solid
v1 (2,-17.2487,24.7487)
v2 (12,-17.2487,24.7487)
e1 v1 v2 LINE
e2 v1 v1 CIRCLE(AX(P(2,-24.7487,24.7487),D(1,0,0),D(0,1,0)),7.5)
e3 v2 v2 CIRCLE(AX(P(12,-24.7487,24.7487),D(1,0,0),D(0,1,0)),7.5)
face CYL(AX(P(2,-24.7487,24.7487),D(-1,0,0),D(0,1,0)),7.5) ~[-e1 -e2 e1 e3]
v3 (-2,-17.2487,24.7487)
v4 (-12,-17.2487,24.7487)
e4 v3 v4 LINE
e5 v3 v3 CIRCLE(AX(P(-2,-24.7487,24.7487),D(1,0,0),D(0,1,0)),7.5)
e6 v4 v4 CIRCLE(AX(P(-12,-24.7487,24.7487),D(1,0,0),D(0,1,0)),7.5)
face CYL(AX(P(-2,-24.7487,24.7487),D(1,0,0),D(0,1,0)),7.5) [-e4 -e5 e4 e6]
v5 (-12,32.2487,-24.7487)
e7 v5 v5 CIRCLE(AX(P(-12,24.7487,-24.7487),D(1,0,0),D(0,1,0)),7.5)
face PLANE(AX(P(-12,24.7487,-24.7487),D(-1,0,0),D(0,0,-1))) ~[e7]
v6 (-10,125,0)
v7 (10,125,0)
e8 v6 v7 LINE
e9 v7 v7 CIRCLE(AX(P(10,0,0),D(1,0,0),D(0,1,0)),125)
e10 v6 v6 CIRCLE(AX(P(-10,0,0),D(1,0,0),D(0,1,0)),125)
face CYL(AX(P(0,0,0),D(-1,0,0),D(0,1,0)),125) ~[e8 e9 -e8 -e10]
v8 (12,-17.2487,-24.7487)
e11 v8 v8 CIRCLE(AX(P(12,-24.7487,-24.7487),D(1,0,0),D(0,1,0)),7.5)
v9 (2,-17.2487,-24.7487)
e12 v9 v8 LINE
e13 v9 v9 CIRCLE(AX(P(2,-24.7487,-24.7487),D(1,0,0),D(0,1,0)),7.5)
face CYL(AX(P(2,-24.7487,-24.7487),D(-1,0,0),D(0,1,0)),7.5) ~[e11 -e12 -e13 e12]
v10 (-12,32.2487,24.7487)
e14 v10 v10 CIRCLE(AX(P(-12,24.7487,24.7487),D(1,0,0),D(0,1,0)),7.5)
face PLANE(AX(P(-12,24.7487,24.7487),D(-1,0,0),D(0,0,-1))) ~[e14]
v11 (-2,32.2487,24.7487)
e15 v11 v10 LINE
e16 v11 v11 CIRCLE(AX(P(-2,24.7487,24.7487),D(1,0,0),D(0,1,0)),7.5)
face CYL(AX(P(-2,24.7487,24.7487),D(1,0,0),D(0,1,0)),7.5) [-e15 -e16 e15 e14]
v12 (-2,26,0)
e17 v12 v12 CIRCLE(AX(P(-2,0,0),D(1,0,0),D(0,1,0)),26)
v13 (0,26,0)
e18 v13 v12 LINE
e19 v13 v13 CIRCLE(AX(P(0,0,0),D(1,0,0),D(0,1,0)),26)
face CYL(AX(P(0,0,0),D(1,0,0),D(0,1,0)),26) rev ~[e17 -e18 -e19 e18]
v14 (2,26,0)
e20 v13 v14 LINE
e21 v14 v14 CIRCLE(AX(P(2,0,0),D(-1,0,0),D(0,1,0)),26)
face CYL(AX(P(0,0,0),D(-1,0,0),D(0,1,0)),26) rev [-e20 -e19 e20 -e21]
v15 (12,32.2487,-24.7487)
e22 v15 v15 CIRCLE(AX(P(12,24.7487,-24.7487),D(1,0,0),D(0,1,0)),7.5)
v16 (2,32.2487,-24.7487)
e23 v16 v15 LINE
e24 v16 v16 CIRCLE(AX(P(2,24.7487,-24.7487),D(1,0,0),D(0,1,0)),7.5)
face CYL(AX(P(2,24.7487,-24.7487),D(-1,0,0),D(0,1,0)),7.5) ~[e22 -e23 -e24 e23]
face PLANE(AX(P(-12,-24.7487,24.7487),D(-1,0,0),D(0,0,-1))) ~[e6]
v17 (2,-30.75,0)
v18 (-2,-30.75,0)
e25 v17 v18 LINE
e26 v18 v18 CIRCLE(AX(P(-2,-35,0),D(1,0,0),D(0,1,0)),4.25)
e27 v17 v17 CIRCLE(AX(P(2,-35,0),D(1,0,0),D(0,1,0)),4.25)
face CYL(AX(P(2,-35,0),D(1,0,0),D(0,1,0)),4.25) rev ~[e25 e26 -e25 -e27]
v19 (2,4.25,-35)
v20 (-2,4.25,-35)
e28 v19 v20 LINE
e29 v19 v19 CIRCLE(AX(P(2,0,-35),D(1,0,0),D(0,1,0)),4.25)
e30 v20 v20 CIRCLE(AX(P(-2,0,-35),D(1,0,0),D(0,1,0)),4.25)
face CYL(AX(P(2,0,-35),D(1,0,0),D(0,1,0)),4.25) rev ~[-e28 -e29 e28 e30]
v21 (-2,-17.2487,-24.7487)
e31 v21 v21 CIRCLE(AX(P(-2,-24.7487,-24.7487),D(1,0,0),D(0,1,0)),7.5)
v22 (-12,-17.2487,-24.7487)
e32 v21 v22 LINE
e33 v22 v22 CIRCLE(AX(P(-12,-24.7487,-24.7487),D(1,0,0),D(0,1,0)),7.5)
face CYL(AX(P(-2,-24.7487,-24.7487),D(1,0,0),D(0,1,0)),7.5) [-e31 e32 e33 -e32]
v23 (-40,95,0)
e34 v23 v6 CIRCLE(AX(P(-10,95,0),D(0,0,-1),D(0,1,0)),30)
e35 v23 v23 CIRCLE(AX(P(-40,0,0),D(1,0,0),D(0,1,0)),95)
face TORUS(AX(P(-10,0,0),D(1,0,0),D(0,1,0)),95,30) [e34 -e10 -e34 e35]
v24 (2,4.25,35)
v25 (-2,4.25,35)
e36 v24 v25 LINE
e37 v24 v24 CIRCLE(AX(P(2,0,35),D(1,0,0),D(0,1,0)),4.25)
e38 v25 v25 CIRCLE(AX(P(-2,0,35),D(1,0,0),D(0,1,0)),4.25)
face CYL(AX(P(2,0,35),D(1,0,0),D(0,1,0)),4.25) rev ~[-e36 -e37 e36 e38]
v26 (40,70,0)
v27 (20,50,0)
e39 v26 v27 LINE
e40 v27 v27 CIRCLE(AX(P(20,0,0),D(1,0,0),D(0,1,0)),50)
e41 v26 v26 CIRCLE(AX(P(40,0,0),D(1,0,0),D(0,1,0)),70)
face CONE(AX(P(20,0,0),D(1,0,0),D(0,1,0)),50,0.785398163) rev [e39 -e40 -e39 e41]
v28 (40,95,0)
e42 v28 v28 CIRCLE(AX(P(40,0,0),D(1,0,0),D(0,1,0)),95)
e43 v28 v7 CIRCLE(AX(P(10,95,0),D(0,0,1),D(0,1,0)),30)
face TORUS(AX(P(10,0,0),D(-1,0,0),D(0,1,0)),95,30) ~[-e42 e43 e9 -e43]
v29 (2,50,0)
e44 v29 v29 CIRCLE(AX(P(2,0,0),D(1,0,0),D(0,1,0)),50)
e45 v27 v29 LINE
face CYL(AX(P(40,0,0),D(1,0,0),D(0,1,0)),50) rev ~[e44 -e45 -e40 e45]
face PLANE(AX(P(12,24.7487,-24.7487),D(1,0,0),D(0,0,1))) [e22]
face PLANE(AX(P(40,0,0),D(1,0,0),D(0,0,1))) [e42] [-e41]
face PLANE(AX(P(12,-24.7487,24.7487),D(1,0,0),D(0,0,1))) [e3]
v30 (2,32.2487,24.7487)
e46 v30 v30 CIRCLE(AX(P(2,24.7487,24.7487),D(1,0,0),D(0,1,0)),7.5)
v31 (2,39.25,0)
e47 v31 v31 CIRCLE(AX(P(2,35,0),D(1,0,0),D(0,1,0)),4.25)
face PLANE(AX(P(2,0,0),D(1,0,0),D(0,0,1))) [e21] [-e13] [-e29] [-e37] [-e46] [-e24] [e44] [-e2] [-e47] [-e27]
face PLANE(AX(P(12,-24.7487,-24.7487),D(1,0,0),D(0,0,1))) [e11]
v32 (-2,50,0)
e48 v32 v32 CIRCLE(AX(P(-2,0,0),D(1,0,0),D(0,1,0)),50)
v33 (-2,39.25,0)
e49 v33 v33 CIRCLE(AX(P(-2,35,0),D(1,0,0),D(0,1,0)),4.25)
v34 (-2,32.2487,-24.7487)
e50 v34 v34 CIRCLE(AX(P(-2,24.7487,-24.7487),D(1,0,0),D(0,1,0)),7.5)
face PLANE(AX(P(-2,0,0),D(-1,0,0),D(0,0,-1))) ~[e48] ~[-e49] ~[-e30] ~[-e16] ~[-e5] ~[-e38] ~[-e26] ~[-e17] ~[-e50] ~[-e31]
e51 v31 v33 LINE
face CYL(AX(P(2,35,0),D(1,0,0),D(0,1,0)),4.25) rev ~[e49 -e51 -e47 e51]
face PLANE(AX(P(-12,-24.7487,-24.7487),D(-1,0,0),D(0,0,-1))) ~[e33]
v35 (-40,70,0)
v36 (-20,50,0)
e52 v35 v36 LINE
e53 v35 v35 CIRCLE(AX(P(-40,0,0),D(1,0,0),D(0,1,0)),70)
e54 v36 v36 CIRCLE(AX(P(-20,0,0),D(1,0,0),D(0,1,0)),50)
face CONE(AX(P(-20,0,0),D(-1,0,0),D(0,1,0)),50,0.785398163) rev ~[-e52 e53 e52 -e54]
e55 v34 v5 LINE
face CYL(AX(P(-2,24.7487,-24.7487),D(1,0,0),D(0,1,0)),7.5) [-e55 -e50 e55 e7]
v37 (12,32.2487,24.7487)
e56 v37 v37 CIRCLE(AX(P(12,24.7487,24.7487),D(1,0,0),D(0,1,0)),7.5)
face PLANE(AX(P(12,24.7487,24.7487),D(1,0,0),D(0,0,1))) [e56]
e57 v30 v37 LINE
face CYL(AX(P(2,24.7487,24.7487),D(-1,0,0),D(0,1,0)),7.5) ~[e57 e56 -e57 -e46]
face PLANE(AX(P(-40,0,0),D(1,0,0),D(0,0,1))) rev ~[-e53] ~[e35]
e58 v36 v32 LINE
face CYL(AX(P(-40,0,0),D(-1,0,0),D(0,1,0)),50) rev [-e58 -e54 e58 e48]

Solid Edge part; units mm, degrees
sketch "Sketch1" plane through (0, 0, 0) normal (1, 0, 0) x (0, 1, 0)
  circle A0 centre (0, 0) radius 125
  circle A1 centre (0, 0) radius 26
  dimension "D1" = 250
  dimension "D2" = 52
extrude "Protrusion1" add sketch "Sketch1" along normal mid plane 80
sketch "Sketch2" plane through (40, 0, 0) normal (1, 0, 0) x (0, 1, 0)
  circle A0 centre (0, 0) radius 50
extrude "Extrusionsausschnitt_1" cut sketch "Sketch2" against normal blind 38
chamfer "Fase_1" distance 20 angle 45 1 edges at (40, -50, 0)
fillet "Verrundung_1" radius 30 1 edges at (40, -125, 0)
mirror "Mirror1" about plane through (0, 0, 0) normal (1, 0, 0) of "Extrusionsausschnitt_1", "Fase_1", "Verrundung_1"
sketch "Sketch3" plane through (2, 0, 0) normal (1, 0, 0) x (0, 1, 0)
  circle A0 centre (0, 35) radius 4.25
  circle A1 centre (35, 0) radius 4.25
  circle A2 centre (0, -35) radius 4.25
  circle A3 centre (-35, 0) radius 4.25
  dimension "D1" = 70
  dimension "D2" = 8.5
extrude "Extrusionsausschnitt_2" cut sketch "Sketch3" against normal blind 295
sketch "Sketch4" plane through (2, 0, 0) normal (1, 0, 0) x (0, 1, 0)
  circle A0 centre (24.7487, 24.7487) radius 7.5
  circle A1 centre (-24.7487, 24.7487) radius 7.5
  circle A2 centre (24.7487, -24.7487) radius 7.5
  circle A3 centre (-24.7487, -24.7487) radius 7.5
extrude "Extrusionsausprägung_2" add sketch "Sketch4" along normal blind 10
mirror "Mirror2" about plane through (0, 0, 0) normal (1, 0, 0) of "Extrusionsausprägung_2"
